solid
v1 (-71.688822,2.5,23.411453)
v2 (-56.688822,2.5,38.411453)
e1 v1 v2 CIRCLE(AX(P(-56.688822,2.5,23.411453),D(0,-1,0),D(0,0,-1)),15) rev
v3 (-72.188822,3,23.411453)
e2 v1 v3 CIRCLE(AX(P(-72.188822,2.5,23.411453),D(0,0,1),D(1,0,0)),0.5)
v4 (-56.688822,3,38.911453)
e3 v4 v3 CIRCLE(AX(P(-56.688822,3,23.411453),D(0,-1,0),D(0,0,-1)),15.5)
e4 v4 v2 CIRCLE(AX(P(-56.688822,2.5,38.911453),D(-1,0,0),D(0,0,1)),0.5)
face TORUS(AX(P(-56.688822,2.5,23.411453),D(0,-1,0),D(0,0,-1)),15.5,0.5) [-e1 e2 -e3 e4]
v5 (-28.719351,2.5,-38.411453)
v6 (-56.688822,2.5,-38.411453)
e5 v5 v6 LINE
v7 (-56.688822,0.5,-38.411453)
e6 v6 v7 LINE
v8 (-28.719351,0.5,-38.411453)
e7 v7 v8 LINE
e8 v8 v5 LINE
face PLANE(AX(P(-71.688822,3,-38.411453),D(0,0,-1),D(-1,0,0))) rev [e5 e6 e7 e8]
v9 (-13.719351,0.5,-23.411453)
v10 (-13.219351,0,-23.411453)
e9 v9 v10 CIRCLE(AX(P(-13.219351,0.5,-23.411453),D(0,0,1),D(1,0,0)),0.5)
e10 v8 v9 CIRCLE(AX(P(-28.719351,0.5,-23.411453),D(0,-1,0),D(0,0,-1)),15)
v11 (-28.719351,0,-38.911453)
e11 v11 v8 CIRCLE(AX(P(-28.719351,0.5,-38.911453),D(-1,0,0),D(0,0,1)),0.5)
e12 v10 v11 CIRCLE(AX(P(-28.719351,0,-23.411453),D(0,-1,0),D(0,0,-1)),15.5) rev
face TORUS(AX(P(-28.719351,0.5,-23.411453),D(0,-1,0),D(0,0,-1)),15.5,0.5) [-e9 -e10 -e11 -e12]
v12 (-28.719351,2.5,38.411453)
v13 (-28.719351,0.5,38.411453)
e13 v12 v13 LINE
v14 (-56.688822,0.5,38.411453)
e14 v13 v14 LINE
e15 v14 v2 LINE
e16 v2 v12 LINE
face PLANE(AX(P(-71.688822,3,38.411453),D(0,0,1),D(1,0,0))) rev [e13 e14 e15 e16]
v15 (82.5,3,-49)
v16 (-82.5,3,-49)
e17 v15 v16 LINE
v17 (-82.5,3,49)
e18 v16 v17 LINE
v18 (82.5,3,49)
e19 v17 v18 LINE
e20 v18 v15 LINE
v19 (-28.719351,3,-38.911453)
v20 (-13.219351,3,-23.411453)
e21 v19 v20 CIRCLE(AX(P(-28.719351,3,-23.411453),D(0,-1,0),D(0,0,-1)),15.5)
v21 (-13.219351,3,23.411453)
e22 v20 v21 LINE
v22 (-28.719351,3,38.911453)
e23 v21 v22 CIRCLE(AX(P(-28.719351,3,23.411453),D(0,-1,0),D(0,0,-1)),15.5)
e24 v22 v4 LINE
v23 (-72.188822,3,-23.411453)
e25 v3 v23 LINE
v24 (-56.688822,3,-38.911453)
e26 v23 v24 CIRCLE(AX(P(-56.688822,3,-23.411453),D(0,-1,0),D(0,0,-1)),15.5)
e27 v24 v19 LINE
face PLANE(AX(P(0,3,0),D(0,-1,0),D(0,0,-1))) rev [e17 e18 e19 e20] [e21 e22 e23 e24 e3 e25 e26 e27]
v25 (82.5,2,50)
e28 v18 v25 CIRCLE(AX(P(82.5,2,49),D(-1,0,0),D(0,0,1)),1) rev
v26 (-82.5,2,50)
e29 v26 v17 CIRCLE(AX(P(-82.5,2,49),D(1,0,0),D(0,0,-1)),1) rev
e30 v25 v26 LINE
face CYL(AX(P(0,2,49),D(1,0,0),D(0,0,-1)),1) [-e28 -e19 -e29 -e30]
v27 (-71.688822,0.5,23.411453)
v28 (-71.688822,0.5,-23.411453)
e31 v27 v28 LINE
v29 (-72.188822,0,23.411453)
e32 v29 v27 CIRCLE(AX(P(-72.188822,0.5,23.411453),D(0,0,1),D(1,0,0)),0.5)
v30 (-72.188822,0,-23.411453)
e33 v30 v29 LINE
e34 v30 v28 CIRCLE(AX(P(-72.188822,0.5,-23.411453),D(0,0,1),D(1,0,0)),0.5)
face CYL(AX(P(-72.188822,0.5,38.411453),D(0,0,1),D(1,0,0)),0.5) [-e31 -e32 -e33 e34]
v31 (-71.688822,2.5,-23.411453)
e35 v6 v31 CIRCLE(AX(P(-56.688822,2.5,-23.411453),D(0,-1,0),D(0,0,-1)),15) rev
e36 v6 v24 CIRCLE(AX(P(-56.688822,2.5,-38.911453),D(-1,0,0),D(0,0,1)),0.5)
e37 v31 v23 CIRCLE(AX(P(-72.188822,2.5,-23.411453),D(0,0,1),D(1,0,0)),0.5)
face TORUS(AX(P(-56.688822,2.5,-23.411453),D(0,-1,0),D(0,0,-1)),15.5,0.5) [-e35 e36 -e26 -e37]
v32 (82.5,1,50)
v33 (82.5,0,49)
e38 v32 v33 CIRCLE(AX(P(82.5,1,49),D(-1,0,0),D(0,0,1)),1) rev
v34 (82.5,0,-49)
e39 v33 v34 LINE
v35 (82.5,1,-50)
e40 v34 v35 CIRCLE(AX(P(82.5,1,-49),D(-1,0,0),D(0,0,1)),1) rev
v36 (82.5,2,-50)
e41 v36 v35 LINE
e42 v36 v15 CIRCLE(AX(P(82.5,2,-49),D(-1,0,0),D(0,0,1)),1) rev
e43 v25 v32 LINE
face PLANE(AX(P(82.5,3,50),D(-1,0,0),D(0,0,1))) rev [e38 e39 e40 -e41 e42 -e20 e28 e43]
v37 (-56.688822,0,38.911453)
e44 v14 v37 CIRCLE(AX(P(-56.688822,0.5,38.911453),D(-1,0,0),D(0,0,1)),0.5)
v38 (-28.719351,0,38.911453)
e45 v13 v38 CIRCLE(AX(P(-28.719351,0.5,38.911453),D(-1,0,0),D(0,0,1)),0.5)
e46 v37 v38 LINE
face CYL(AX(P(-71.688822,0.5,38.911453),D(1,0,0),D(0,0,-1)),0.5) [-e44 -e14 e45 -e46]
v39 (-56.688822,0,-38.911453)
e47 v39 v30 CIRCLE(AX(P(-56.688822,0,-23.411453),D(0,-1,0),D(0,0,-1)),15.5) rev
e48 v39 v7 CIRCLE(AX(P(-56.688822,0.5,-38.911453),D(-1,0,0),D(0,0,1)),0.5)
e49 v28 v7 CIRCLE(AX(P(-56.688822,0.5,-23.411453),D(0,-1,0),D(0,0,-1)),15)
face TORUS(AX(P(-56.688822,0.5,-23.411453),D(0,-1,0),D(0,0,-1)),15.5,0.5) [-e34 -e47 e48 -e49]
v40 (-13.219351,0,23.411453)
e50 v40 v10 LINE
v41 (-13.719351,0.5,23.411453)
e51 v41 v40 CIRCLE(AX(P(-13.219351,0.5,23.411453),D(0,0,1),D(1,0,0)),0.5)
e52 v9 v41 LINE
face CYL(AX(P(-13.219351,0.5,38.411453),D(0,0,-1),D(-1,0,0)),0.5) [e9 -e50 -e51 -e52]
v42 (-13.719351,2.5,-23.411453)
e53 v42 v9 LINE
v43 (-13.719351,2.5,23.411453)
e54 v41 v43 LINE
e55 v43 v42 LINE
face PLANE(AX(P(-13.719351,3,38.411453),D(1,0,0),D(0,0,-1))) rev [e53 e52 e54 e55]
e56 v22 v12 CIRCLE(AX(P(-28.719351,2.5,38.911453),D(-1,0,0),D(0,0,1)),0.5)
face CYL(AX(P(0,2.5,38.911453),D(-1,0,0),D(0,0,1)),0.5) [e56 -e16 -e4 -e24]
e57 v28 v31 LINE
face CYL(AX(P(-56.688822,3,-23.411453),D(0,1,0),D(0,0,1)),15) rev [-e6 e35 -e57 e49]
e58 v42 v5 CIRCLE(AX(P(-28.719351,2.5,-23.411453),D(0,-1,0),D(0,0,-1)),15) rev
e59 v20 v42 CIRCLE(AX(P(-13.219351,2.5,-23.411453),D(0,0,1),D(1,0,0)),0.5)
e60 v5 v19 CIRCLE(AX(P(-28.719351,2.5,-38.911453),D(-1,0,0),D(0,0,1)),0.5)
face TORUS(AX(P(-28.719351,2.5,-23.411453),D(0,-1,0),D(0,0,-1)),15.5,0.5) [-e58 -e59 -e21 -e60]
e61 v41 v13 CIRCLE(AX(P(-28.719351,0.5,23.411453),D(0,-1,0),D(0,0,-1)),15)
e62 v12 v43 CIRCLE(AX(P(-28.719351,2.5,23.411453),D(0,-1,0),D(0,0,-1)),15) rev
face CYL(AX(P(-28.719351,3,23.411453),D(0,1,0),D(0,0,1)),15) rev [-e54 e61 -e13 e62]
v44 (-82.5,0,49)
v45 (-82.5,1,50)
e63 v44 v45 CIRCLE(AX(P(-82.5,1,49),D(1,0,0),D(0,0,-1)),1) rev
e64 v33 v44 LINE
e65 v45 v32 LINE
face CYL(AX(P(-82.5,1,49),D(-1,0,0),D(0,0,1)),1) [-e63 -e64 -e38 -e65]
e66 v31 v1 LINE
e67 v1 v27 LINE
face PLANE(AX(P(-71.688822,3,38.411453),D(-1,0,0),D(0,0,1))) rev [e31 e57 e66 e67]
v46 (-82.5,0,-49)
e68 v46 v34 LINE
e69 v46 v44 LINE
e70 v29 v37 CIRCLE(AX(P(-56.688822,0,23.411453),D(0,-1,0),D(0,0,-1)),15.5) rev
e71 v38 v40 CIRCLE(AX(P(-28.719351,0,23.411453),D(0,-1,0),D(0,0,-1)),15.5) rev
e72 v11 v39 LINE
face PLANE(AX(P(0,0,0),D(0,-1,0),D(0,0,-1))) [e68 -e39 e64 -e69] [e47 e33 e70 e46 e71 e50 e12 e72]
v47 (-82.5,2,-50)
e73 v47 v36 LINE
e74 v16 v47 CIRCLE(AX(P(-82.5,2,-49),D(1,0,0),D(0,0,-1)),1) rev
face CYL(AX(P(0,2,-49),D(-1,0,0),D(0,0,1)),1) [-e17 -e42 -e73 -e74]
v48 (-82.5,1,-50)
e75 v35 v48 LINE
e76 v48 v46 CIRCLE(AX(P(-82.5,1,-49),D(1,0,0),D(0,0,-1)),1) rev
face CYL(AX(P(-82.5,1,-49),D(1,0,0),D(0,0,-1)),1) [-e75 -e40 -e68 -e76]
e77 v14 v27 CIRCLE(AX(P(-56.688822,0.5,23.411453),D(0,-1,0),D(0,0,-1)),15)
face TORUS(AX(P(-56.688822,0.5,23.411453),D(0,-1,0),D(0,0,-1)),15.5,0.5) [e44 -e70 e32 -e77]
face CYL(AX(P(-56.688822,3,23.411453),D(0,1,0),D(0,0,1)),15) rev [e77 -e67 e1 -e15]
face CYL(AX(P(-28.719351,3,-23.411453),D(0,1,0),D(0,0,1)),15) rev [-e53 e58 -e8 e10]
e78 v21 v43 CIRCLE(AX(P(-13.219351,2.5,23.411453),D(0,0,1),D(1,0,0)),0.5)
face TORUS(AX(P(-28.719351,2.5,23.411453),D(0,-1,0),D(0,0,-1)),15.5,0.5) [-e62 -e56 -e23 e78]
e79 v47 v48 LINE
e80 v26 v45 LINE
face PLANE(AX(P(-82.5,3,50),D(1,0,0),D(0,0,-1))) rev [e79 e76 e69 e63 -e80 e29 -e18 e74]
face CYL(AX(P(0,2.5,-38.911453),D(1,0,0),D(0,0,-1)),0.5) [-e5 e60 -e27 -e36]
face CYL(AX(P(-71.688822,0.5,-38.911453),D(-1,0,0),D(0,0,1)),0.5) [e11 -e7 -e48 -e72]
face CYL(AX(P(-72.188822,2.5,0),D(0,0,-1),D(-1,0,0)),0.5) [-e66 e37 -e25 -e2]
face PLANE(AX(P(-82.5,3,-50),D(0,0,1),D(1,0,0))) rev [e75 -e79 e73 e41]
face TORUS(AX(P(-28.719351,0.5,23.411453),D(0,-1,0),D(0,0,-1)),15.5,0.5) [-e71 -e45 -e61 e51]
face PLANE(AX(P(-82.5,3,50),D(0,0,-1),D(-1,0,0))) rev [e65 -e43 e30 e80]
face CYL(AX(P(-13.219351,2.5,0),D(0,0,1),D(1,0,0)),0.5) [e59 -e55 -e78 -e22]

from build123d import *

# Parameters (mm, degrees)
SKETCH_1_W          = 165
SKETCH_1_H          = 100
EXTRUDE_1_DEPTH     = 3
SKETCH_2_W          = 57.969471509
SKETCH_2_H          = 76.82290634
CUT_EXTRUDE_1_DEPTH = 97.51554279
FILLET_1_R          = 15
FILLET_2_R          = 1
FILLET_3_R          = 0.5


with BuildPart() as part:
    # 草图1 → 凸台-拉伸1 (new body)
    with BuildSketch(Plane(origin=(0, 0, 0), x_dir=(1, 0, 0), z_dir=(0, 1, 0))):
        Rectangle(SKETCH_1_W, SKETCH_1_H)
    extrude(amount=EXTRUDE_1_DEPTH)

    # 草图2 → 切除-拉伸1 (cut, through all)
    with BuildSketch(Plane.XZ):
        with Locations((-42.70408642, 0)):
            Rectangle(SKETCH_2_W, SKETCH_2_H)
    extrude(amount=-CUT_EXTRUDE_1_DEPTH, mode=Mode.SUBTRACT)

    # 圆角1
    fillet_1_edges = [part.edges().sort_by_distance(p)[0] for p in [
        (-13.719350665, 1.5, 38.41145317),
        (-13.719350665, 1.5, -38.41145317),
        (-71.688822174, 1.5, -38.41145317),
        (-71.688822174, 1.5, 38.41145317),
    ]]
    fillet(fillet_1_edges, radius=FILLET_1_R)

    # 圆角2
    fillet_2_edges = [part.edges().sort_by_distance(p)[0] for p in [
        (0, 3, 50),
        (0, 0, 50),
        (0, 0, -50),
        (0, 3, -50),
    ]]
    fillet(fillet_2_edges, radius=FILLET_2_R)

    # 圆角3
    fillet_3_edges = [part.edges().sort_by_distance(p)[0] for p in [
        (-42.704086419, 0, -38.41145317),
        (-42.704086419, 3, -38.41145317),
        (-71.688822174, 0, 0),
        (-71.688822174, 3, 0),
        (-42.704086419, 0, 38.41145317),
        (-42.704086419, 3, 38.41145317),
        (-13.719350665, 0, 0),
        (-13.719350665, 3, 0),
        (-67.295423892, 0, -34.018054888),
        (-67.295423892, 3, -34.018054888),
        (-67.295423892, 0, 34.018054888),
        (-67.295423892, 3, 34.018054888),
        (-18.112748947, 0, -34.018054888),
        (-18.112748947, 3, -34.018054888),
        (-18.112748947, 0, 34.018054888),
        (-18.112748947, 3, 34.018054888),
    ]]
    fillet(fillet_3_edges, radius=FILLET_3_R)


solid = part.part
